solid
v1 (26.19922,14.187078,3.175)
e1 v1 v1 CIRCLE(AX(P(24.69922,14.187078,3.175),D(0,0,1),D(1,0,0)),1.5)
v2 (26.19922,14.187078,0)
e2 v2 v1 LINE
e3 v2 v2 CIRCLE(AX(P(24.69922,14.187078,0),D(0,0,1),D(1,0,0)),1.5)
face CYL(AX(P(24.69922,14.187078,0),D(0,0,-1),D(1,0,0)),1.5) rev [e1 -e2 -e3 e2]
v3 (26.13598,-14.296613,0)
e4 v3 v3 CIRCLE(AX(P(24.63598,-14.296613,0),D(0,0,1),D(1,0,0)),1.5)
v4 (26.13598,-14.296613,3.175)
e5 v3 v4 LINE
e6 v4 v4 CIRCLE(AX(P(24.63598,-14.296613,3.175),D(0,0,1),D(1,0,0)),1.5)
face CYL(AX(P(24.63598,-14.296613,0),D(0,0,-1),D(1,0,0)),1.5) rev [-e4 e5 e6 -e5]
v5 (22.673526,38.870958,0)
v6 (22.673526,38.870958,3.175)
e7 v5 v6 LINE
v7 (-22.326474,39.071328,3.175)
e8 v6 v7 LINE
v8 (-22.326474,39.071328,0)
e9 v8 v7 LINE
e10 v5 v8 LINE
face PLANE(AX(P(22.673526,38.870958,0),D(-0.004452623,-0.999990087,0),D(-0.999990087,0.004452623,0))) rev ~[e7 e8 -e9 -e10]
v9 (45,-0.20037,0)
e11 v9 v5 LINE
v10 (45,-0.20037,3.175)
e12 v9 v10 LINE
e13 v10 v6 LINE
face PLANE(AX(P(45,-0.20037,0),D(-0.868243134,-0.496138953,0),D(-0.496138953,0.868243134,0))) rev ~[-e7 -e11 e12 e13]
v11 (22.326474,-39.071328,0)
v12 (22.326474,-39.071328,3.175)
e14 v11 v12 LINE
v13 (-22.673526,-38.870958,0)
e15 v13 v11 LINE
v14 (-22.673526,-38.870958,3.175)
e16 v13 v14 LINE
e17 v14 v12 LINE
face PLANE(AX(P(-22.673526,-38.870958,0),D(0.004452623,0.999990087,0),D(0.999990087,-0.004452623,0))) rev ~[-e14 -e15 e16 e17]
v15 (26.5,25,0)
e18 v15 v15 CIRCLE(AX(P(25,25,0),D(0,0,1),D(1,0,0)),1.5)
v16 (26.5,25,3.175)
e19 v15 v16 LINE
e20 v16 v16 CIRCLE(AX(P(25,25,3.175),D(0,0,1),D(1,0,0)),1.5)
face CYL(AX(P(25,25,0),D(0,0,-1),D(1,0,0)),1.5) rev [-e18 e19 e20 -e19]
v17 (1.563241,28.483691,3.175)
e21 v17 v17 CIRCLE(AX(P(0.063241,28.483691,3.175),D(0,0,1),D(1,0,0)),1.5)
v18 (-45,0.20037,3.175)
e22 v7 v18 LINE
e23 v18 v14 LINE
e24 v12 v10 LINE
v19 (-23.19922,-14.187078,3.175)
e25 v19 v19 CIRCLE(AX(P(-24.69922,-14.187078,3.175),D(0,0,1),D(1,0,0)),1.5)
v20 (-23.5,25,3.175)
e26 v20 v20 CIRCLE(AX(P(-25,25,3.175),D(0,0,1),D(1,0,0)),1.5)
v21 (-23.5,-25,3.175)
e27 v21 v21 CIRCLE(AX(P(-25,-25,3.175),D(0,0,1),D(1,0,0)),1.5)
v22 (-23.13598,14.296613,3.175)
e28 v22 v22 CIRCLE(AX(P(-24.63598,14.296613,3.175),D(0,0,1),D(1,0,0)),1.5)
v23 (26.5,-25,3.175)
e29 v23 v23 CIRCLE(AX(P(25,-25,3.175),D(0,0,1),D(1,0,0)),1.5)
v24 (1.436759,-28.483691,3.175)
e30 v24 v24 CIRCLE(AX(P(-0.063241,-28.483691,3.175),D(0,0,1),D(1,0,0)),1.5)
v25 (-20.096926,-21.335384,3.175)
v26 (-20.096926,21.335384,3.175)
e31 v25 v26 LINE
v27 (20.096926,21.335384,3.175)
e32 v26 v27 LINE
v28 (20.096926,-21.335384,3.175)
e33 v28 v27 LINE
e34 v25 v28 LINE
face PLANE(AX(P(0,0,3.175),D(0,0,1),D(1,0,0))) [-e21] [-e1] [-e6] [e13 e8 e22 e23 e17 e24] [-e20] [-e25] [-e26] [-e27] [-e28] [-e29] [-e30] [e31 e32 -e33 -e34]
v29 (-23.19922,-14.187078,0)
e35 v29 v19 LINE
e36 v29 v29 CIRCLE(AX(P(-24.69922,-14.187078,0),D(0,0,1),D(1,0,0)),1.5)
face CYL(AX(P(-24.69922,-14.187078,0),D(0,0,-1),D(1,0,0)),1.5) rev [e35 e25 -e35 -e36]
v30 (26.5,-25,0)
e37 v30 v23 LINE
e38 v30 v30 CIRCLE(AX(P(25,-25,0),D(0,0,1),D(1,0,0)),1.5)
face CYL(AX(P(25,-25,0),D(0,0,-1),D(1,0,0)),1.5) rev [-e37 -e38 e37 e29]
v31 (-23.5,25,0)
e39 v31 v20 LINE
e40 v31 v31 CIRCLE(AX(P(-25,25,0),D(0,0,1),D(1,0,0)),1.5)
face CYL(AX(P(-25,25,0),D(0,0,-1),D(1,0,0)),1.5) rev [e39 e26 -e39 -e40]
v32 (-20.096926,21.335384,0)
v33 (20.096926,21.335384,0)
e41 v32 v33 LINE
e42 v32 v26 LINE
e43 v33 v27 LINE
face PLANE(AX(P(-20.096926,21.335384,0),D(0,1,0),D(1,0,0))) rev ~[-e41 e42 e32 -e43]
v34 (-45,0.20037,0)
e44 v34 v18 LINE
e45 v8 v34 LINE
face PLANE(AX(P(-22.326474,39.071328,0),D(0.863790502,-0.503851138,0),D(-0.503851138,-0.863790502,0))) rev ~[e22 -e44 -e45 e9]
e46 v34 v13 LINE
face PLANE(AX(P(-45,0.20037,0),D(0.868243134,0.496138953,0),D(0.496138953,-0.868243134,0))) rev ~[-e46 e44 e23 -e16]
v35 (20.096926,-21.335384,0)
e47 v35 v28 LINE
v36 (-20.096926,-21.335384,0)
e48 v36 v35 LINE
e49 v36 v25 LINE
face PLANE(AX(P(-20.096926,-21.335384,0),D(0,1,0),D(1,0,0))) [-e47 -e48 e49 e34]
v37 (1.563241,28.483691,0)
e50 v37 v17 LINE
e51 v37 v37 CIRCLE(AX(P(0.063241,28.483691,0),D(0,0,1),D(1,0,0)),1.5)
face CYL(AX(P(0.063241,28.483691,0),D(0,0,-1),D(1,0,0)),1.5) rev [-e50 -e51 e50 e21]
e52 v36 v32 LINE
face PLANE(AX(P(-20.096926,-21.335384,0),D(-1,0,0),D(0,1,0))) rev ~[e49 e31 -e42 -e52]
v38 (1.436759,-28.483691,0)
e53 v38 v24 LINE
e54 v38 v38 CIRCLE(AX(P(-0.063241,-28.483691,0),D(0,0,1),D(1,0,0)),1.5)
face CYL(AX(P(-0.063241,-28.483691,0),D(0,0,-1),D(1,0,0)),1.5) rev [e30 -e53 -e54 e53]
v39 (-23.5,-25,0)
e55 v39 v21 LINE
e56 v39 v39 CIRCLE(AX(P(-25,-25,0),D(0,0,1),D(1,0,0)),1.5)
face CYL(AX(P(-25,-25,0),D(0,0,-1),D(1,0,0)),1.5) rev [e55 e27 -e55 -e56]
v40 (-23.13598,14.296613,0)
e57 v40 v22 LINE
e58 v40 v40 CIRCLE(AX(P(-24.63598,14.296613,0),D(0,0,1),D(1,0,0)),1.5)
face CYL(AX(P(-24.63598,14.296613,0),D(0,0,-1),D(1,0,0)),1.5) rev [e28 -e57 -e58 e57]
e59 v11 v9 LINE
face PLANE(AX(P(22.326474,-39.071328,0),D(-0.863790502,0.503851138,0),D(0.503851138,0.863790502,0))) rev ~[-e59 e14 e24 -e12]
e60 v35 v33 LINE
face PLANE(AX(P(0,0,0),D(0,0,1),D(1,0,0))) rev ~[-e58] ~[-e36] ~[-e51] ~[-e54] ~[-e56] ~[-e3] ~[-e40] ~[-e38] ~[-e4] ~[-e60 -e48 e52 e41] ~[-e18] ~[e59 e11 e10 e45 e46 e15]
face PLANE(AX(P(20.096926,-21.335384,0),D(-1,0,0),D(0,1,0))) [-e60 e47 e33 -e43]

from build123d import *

# Parameters (mm, degrees)
F0_R     = 1.5
F0_W     = 40.193852
F0_H     = 42.670768
F1_DEPTH = 3.175


with BuildPart() as f1:
    # F0 (on Top) → F1 (new body)
    with BuildSketch(Plane.XY):
        Polygon((-22.673526, -38.870958), (22.326474, -39.071328), (45, -0.20037), (22.673526, 38.870958), (-22.326474, 39.071328), (-45, 0.20037), align=None)
        with Locations((-25, -25)):
            Circle(F0_R, mode=Mode.SUBTRACT)
        with Locations((-0.063241, -28.483691)):
            Circle(F0_R, mode=Mode.SUBTRACT)
        with Locations((-24.69922, -14.187078)):
            Circle(F0_R, mode=Mode.SUBTRACT)
        with Locations((25, -25)):
            Circle(F0_R, mode=Mode.SUBTRACT)
        with Locations((24.63598, -14.296613)):
            Circle(F0_R, mode=Mode.SUBTRACT)
        with Locations((-24.63598, 14.296613)):
            Circle(F0_R, mode=Mode.SUBTRACT)
        with Locations((-25, 25)):
            Circle(F0_R, mode=Mode.SUBTRACT)
        Rectangle(F0_W, F0_H, mode=Mode.SUBTRACT)
        with Locations((24.69922, 14.187078)):
            Circle(F0_R, mode=Mode.SUBTRACT)
        with Locations((0.063241, 28.483691)):
            Circle(F0_R, mode=Mode.SUBTRACT)
        with Locations((25, 25)):
            Circle(F0_R, mode=Mode.SUBTRACT)
    extrude(amount=F1_DEPTH)


solid = f1.part
